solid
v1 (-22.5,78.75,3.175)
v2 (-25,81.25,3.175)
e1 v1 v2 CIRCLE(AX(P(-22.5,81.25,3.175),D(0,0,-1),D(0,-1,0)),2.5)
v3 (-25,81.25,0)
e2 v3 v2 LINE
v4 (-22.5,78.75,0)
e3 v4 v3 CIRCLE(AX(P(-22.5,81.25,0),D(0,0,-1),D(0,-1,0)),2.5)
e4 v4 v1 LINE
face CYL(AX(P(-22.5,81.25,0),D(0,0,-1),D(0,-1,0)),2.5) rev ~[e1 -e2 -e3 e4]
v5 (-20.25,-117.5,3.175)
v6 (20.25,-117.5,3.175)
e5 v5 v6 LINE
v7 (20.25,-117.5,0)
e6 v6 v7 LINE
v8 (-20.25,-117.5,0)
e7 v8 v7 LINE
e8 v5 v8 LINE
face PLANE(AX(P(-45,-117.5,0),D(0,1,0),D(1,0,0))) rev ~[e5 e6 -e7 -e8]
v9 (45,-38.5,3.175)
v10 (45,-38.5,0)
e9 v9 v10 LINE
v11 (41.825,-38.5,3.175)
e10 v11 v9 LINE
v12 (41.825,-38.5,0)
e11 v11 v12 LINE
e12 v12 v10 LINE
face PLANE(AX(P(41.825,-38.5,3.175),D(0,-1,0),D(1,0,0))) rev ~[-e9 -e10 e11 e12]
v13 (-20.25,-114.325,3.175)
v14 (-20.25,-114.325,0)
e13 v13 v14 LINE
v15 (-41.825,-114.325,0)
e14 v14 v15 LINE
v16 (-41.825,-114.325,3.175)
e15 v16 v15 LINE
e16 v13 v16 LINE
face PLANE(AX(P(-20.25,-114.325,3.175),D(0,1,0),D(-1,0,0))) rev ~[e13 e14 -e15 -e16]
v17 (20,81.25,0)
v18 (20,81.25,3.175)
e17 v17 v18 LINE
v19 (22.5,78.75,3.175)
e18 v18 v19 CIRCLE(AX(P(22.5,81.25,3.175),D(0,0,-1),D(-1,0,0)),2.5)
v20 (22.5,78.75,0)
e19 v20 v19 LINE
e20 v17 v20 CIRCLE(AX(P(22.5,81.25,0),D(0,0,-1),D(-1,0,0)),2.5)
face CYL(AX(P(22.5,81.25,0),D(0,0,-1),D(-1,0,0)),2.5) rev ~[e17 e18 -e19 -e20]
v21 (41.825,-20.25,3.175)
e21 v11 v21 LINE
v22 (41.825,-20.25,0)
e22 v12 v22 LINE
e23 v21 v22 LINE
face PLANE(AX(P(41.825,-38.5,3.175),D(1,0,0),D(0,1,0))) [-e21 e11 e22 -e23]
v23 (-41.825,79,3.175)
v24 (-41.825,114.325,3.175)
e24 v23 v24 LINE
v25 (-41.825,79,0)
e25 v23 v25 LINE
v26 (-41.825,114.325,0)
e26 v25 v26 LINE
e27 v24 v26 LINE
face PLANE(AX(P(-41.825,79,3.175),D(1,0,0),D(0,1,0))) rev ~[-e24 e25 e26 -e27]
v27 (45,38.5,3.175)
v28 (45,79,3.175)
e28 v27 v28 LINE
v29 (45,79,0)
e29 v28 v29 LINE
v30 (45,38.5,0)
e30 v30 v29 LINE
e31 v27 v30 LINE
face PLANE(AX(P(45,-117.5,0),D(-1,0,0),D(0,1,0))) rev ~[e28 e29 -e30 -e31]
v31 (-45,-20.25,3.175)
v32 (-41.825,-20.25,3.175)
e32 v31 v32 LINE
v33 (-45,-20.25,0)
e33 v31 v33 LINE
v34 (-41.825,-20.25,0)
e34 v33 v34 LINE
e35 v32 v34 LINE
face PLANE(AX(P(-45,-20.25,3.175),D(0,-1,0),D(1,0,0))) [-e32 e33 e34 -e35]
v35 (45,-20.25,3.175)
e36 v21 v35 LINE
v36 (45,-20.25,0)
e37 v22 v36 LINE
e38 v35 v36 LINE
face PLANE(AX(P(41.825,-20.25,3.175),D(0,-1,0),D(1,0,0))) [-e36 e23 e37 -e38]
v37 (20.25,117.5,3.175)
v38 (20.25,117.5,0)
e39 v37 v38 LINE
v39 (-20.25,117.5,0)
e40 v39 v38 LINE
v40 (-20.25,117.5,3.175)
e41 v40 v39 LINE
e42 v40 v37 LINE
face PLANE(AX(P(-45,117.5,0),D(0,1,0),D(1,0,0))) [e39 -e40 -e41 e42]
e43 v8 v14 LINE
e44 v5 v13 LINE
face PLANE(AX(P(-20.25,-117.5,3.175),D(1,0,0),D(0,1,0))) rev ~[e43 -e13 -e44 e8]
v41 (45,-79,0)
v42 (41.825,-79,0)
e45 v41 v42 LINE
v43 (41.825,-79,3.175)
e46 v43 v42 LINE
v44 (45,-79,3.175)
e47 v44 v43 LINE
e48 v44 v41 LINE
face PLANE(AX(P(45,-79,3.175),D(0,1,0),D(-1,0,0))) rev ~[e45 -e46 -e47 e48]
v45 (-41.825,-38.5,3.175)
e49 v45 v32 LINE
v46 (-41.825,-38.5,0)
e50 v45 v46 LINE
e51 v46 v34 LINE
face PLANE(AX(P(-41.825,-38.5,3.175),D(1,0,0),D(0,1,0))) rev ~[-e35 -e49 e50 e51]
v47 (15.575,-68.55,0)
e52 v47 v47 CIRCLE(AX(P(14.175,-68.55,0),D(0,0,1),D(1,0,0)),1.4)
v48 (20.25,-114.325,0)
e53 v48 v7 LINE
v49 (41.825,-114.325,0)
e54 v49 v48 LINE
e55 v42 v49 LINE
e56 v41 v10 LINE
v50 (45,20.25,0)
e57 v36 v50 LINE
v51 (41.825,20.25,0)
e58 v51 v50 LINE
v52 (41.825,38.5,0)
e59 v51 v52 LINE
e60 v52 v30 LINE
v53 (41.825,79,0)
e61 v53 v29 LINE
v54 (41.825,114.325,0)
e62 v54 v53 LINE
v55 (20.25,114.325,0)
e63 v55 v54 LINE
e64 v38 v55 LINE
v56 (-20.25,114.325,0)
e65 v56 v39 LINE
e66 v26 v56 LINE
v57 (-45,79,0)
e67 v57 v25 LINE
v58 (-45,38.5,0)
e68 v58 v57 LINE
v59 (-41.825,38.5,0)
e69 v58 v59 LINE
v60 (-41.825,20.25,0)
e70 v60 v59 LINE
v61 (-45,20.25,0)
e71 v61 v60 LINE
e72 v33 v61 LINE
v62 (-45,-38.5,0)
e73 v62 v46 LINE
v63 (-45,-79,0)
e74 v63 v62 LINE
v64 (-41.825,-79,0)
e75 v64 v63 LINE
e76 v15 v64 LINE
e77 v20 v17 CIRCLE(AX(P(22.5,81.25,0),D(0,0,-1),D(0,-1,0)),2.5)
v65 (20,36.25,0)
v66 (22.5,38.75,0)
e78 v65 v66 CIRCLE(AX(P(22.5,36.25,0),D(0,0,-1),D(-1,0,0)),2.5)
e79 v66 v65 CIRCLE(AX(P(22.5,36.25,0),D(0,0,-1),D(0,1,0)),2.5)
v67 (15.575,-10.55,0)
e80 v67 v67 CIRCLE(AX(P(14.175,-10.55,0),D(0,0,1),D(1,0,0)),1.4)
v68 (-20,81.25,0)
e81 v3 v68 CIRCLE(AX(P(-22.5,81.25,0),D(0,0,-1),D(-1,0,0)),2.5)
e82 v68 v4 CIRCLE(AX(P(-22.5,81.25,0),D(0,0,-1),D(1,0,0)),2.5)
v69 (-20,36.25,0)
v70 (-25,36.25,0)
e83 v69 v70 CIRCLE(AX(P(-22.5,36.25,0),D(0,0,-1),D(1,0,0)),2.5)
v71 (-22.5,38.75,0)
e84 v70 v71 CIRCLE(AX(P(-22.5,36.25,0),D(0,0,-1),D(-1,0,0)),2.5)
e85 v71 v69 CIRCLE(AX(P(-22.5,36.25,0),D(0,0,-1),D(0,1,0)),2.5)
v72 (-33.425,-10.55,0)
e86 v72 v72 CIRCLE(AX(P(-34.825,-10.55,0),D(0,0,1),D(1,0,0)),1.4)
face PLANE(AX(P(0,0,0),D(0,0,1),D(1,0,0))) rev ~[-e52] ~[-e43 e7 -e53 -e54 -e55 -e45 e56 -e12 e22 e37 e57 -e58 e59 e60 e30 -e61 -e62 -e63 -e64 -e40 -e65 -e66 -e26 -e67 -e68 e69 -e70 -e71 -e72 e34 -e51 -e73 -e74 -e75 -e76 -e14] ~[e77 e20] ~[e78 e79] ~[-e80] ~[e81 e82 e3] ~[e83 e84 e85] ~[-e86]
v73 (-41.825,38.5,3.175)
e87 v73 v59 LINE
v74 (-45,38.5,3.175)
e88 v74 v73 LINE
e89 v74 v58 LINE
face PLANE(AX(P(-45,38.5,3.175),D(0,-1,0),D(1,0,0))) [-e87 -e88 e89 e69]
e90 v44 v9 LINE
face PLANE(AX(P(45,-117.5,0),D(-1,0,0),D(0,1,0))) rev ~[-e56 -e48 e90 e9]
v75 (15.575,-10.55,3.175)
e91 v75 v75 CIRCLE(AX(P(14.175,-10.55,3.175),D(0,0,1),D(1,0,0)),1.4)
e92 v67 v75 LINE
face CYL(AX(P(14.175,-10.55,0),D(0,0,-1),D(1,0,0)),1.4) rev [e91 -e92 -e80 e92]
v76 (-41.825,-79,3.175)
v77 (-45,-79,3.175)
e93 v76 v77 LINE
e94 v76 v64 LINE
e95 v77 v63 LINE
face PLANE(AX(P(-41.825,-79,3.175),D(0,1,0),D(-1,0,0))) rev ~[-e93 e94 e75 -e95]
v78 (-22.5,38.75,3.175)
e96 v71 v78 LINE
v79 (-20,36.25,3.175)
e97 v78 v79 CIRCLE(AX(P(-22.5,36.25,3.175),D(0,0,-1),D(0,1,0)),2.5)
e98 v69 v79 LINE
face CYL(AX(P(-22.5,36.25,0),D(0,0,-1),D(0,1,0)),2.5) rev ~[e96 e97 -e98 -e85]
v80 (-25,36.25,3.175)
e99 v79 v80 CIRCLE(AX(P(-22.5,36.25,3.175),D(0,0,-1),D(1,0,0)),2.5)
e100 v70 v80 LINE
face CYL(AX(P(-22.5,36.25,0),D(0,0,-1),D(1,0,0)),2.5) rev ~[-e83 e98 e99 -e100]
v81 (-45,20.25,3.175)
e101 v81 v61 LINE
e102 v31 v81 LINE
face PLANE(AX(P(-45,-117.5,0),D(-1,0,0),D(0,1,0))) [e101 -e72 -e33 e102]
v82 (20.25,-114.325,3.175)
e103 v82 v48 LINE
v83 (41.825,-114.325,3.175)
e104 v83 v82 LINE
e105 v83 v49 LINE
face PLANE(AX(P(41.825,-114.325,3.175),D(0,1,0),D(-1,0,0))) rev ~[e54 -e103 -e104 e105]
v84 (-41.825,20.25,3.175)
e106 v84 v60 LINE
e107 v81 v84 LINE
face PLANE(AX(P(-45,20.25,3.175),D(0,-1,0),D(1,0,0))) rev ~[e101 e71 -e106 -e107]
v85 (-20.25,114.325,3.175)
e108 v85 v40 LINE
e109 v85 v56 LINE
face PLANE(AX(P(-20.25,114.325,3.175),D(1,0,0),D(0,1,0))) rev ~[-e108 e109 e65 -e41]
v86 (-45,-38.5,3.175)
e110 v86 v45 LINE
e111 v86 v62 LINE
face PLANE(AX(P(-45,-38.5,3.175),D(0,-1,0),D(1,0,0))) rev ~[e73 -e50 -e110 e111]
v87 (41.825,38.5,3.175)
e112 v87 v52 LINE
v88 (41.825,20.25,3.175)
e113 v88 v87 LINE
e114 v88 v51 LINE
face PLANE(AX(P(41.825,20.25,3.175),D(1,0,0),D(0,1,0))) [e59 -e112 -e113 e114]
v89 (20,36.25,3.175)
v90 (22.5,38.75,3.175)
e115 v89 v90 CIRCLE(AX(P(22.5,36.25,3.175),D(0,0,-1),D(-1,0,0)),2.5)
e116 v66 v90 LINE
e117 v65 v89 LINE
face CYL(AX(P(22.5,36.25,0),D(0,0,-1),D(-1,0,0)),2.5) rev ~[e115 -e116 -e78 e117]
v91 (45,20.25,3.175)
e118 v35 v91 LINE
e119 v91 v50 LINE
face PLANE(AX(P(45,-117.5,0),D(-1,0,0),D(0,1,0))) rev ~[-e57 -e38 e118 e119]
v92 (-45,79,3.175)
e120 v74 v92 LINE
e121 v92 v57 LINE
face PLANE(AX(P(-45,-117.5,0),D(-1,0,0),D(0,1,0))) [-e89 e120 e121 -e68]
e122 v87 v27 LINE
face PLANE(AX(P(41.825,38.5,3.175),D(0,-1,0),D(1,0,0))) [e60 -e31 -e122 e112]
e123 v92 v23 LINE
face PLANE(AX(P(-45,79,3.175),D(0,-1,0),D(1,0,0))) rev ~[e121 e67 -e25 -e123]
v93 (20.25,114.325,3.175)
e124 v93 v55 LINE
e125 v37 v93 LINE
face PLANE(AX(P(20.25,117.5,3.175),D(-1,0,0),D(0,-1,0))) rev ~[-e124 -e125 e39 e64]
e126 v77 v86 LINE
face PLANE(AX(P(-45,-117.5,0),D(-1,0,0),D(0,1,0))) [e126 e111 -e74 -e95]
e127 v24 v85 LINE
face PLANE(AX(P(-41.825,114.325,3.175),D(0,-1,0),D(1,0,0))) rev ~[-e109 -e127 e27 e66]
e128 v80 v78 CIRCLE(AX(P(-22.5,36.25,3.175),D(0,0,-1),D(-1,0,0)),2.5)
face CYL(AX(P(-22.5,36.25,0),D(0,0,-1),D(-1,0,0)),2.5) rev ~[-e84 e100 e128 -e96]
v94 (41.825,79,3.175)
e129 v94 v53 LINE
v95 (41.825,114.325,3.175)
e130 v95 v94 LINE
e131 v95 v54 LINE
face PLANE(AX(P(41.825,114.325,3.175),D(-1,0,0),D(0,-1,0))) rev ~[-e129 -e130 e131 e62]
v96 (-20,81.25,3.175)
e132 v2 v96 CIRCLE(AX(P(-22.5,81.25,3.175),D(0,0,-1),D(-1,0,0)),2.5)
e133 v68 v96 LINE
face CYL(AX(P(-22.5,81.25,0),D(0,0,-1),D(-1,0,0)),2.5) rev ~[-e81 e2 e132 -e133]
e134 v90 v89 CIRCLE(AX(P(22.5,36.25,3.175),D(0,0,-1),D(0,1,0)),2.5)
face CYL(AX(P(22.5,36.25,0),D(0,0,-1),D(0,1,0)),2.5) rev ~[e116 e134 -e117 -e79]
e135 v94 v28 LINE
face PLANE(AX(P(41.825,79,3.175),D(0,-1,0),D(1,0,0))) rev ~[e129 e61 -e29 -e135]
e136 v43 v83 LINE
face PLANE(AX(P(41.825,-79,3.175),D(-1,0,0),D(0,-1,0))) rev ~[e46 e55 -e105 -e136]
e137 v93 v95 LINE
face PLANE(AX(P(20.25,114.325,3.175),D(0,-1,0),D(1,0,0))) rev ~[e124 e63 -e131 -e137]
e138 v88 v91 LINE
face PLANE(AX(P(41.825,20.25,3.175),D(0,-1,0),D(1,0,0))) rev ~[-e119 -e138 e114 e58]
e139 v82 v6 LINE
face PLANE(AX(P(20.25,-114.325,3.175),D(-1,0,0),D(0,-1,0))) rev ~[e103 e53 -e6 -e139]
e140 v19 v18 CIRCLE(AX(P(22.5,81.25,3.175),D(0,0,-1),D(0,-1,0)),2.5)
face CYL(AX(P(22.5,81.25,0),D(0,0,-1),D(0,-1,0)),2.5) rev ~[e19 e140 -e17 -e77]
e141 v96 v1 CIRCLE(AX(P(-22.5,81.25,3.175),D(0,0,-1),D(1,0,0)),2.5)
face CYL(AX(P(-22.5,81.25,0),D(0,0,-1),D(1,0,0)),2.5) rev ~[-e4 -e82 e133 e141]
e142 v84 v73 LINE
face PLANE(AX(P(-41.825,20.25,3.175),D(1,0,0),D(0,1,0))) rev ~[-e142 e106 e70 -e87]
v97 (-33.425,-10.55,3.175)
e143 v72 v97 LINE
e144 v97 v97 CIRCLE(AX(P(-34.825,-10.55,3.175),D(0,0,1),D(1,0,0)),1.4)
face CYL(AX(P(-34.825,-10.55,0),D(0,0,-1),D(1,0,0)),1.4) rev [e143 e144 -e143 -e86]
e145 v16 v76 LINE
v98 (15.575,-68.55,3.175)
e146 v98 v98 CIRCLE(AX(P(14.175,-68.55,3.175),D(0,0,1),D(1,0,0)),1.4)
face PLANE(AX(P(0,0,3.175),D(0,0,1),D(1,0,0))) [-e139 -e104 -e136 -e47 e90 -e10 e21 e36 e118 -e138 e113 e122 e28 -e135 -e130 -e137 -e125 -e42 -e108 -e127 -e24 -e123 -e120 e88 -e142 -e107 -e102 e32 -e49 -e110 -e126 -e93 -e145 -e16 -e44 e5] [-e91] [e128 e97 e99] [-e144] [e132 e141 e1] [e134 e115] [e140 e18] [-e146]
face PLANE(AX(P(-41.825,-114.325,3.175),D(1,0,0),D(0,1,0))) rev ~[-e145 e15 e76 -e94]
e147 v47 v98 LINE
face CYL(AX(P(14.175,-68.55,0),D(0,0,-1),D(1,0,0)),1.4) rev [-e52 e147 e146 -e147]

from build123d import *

# Parameters (mm, degrees)
SKETCH1_W           = 90
SKETCH1_H           = 235
SKETCH1_W_2         = 38
SKETCH1_H_2         = 49.5
SKETCH1_W_3         = 17
SKETCH1_H_3         = 26
SKETCH1_W_4         = 0.938488567
SKETCH1_R           = 1.4
SKETCH1_W_5         = 23.15
SKETCH1_H_4         = 81
SKETCH1_W_6         = 27.85
SKETCH1_W_7         = 35.5
SKETCH1_H_5         = 15
BOSS_EXTRUDE2_DEPTH = 3.175
SKETCH4_W           = 3.175
SKETCH4_H           = 18.25
CUT_EXTRUDE2_DEPTH  = 3.175
CUT_EXTRUDE3_DEPTH  = 4.175


with BuildPart() as part:
    # Sketch1 → Boss-Extrude2 (new body)
    with BuildSketch(Plane.XY):
        Rectangle(SKETCH1_W, SKETCH1_H)
        Polygon((-4.325, -114.325), (-39.825, -114.325), (-39.825, -99.325), (-41.825, -99.325), (-41.825, -96.15), (41.825, -96.15), (41.825, -99.325), (39.825, -99.325), (39.825, -114.325), (4.325, -114.325), (4.325, -99.325), (-4.325, -99.325), align=None, mode=Mode.SUBTRACT)
        Polygon((17.675, -94.15), (-10.175, -94.15), (-40.825, -94.15), (-40.825, -7.05), (17.675, -7.05), (17.675, -13.15), (40.825, -13.15), (40.825, -94.15), align=None, mode=Mode.SUBTRACT)
        with Locations((-22.825, 82.5)):
            Rectangle(SKETCH1_W_2, SKETCH1_H_2, mode=Mode.SUBTRACT)
        Polygon((23.761826634, 14.5), (6.761826634, 14.5), (6.761826634, 40.5), (23.761826634, 40.5), (24.700315201, 40.5), (41.700315201, 40.5), (41.700315201, 14.5), (24.700315201, 14.5), align=None, mode=Mode.SUBTRACT)
        with Locations((22.825, 82.5)):
            Rectangle(SKETCH1_W_2, SKETCH1_H_2, mode=Mode.SUBTRACT)
        with Locations((-22.825, 82.5)):
            Rectangle(SKETCH1_W_2, SKETCH1_H_2)
        with Locations((22.825, 82.5)):
            Rectangle(SKETCH1_W_2, SKETCH1_H_2)
        with Locations((33.200315201, 27.5)):
            Rectangle(SKETCH1_W_3, SKETCH1_H_3)
        with Locations((15.261826634, 27.5)):
            Rectangle(SKETCH1_W_3, SKETCH1_H_3)
        with Locations((24.231070918, 27.5)):
            Rectangle(SKETCH1_W_4, SKETCH1_H_3)
        Polygon((-40.825, -94.15), (-10.175, -94.15), (-10.175, -13.15), (17.675, -13.15), (17.675, -7.05), (-40.825, -7.05), align=None)
        with Locations((-34.825, -10.55)):
            Circle(SKETCH1_R, mode=Mode.SUBTRACT)
        with Locations((14.175, -10.55)):
            Circle(SKETCH1_R, mode=Mode.SUBTRACT)
        with Locations((29.25, -53.65)):
            Rectangle(SKETCH1_W_5, SKETCH1_H_4)
        with Locations((37.325, -90.65)):
            Circle(SKETCH1_R, mode=Mode.SUBTRACT)
        with Locations((37.325, -19.53)):
            Circle(SKETCH1_R, mode=Mode.SUBTRACT)
        with Locations((3.75, -53.65)):
            Rectangle(SKETCH1_W_6, SKETCH1_H_4)
        with Locations((14.175, -68.55)):
            Circle(SKETCH1_R, mode=Mode.SUBTRACT)
        with Locations((-22.075, -106.825)):
            Rectangle(SKETCH1_W_7, SKETCH1_H_5)
        with Locations((22.075, -106.825)):
            Rectangle(SKETCH1_W_7, SKETCH1_H_5)
        Polygon((-41.825, -99.325), (-39.825, -99.325), (-4.325, -99.325), (4.325, -99.325), (39.825, -99.325), (41.825, -99.325), (41.825, -96.15), (-41.825, -96.15), align=None)
        with Locations((37.325, -19.53)):
            Circle(SKETCH1_R)
        with Locations((37.325, -90.65)):
            Circle(SKETCH1_R)
    extrude(amount=BOSS_EXTRUDE2_DEPTH)

    # Sketch4 → Cut-Extrude2 (cut)
    with BuildSketch(Plane.XY.offset(3.175)):
        Polygon((-41.825, 114.325), (-20.25, 114.325), (-20.25, 117.5), (-45, 117.5), (-45, 79), (-41.825, 79), align=None)
        Polygon((41.825, 114.325), (41.825, 79), (45, 79), (45, 117.5), (20.25, 117.5), (20.25, 114.325), align=None)
        with Locations((-43.4125, 29.375)):
            Rectangle(SKETCH4_W, SKETCH4_H)
        with Locations((-43.4125, -29.375)):
            Rectangle(SKETCH4_W, SKETCH4_H)
        Polygon((-20.25, -117.5), (-20.25, -114.325), (-41.825, -114.325), (-41.825, -79), (-45, -79), (-45, -117.5), align=None)
        Polygon((45, -79), (41.825, -79), (41.825, -114.325), (20.25, -114.325), (20.25, -117.5), (45, -117.5), align=None)
        with Locations((43.4125, -29.375)):
            Rectangle(SKETCH4_W, SKETCH4_H)
        with Locations((43.4125, 29.375)):
            Rectangle(SKETCH4_W, SKETCH4_H)
    extrude(amount=-CUT_EXTRUDE2_DEPTH, mode=Mode.SUBTRACT)

    # Sketch5 → Cut-Extrude3 (cut, through all)
    with BuildSketch(Plane(origin=(0, 0, 0), x_dir=(-1, 0, 0), z_dir=(0, 0, -1))):
        with BuildLine():
            Line((-22.5, 38.75), (-22.5, 36.25))
            Line((-22.5, 36.25), (-20, 36.25))
            ThreePointArc((-20, 36.25), (-20.732233047, 38.017766953), (-22.5, 38.75))
        make_face()
        with BuildLine():
            Line((-20, 36.25), (-22.5, 36.25))
            Line((-22.5, 36.25), (-22.5, 38.75))
            ThreePointArc((-22.5, 38.75), (-24.267766953, 34.482233047), (-20, 36.25))
        make_face()
        with BuildLine():
            ThreePointArc((22.5, 38.75), (20.732233047, 38.017766953), (20, 36.25))
            Line((20, 36.25), (22.5, 36.25))
            Line((22.5, 36.25), (22.5, 38.75))
        make_face()
        with BuildLine():
            Line((22.5, 36.25), (20, 36.25))
            ThreePointArc((20, 36.25), (22.5, 33.75), (25, 36.25))
            ThreePointArc((25, 36.25), (24.267766953, 38.017766953), (22.5, 38.75))
            Line((22.5, 38.75), (22.5, 36.25))
        make_face()
        with BuildLine():
            ThreePointArc((20, 81.25), (20.732233047, 79.482233047), (22.5, 78.75))
            Line((22.5, 78.75), (22.5, 81.25))
            Line((22.5, 81.25), (20, 81.25))
        make_face()
        with BuildLine():
            Line((22.5, 81.25), (22.5, 78.75))
            ThreePointArc((22.5, 78.75), (24.267766953, 79.482233047), (25, 81.25))
            ThreePointArc((25, 81.25), (22.5, 83.75), (20, 81.25))
            Line((20, 81.25), (22.5, 81.25))
        make_face()
        with BuildLine():
            ThreePointArc((-20, 81.25), (-24.267766953, 83.017766953), (-22.5, 78.75))
            Line((-22.5, 78.75), (-22.5, 81.25))
            Line((-22.5, 81.25), (-20, 81.25))
        make_face()
        with BuildLine():
            Line((-22.5, 81.25), (-22.5, 78.75))
            ThreePointArc((-22.5, 78.75), (-20.732233047, 79.482233047), (-20, 81.25))
            Line((-20, 81.25), (-22.5, 81.25))
        make_face()
    extrude(amount=-CUT_EXTRUDE3_DEPTH, mode=Mode.SUBTRACT)


solid = part.part
